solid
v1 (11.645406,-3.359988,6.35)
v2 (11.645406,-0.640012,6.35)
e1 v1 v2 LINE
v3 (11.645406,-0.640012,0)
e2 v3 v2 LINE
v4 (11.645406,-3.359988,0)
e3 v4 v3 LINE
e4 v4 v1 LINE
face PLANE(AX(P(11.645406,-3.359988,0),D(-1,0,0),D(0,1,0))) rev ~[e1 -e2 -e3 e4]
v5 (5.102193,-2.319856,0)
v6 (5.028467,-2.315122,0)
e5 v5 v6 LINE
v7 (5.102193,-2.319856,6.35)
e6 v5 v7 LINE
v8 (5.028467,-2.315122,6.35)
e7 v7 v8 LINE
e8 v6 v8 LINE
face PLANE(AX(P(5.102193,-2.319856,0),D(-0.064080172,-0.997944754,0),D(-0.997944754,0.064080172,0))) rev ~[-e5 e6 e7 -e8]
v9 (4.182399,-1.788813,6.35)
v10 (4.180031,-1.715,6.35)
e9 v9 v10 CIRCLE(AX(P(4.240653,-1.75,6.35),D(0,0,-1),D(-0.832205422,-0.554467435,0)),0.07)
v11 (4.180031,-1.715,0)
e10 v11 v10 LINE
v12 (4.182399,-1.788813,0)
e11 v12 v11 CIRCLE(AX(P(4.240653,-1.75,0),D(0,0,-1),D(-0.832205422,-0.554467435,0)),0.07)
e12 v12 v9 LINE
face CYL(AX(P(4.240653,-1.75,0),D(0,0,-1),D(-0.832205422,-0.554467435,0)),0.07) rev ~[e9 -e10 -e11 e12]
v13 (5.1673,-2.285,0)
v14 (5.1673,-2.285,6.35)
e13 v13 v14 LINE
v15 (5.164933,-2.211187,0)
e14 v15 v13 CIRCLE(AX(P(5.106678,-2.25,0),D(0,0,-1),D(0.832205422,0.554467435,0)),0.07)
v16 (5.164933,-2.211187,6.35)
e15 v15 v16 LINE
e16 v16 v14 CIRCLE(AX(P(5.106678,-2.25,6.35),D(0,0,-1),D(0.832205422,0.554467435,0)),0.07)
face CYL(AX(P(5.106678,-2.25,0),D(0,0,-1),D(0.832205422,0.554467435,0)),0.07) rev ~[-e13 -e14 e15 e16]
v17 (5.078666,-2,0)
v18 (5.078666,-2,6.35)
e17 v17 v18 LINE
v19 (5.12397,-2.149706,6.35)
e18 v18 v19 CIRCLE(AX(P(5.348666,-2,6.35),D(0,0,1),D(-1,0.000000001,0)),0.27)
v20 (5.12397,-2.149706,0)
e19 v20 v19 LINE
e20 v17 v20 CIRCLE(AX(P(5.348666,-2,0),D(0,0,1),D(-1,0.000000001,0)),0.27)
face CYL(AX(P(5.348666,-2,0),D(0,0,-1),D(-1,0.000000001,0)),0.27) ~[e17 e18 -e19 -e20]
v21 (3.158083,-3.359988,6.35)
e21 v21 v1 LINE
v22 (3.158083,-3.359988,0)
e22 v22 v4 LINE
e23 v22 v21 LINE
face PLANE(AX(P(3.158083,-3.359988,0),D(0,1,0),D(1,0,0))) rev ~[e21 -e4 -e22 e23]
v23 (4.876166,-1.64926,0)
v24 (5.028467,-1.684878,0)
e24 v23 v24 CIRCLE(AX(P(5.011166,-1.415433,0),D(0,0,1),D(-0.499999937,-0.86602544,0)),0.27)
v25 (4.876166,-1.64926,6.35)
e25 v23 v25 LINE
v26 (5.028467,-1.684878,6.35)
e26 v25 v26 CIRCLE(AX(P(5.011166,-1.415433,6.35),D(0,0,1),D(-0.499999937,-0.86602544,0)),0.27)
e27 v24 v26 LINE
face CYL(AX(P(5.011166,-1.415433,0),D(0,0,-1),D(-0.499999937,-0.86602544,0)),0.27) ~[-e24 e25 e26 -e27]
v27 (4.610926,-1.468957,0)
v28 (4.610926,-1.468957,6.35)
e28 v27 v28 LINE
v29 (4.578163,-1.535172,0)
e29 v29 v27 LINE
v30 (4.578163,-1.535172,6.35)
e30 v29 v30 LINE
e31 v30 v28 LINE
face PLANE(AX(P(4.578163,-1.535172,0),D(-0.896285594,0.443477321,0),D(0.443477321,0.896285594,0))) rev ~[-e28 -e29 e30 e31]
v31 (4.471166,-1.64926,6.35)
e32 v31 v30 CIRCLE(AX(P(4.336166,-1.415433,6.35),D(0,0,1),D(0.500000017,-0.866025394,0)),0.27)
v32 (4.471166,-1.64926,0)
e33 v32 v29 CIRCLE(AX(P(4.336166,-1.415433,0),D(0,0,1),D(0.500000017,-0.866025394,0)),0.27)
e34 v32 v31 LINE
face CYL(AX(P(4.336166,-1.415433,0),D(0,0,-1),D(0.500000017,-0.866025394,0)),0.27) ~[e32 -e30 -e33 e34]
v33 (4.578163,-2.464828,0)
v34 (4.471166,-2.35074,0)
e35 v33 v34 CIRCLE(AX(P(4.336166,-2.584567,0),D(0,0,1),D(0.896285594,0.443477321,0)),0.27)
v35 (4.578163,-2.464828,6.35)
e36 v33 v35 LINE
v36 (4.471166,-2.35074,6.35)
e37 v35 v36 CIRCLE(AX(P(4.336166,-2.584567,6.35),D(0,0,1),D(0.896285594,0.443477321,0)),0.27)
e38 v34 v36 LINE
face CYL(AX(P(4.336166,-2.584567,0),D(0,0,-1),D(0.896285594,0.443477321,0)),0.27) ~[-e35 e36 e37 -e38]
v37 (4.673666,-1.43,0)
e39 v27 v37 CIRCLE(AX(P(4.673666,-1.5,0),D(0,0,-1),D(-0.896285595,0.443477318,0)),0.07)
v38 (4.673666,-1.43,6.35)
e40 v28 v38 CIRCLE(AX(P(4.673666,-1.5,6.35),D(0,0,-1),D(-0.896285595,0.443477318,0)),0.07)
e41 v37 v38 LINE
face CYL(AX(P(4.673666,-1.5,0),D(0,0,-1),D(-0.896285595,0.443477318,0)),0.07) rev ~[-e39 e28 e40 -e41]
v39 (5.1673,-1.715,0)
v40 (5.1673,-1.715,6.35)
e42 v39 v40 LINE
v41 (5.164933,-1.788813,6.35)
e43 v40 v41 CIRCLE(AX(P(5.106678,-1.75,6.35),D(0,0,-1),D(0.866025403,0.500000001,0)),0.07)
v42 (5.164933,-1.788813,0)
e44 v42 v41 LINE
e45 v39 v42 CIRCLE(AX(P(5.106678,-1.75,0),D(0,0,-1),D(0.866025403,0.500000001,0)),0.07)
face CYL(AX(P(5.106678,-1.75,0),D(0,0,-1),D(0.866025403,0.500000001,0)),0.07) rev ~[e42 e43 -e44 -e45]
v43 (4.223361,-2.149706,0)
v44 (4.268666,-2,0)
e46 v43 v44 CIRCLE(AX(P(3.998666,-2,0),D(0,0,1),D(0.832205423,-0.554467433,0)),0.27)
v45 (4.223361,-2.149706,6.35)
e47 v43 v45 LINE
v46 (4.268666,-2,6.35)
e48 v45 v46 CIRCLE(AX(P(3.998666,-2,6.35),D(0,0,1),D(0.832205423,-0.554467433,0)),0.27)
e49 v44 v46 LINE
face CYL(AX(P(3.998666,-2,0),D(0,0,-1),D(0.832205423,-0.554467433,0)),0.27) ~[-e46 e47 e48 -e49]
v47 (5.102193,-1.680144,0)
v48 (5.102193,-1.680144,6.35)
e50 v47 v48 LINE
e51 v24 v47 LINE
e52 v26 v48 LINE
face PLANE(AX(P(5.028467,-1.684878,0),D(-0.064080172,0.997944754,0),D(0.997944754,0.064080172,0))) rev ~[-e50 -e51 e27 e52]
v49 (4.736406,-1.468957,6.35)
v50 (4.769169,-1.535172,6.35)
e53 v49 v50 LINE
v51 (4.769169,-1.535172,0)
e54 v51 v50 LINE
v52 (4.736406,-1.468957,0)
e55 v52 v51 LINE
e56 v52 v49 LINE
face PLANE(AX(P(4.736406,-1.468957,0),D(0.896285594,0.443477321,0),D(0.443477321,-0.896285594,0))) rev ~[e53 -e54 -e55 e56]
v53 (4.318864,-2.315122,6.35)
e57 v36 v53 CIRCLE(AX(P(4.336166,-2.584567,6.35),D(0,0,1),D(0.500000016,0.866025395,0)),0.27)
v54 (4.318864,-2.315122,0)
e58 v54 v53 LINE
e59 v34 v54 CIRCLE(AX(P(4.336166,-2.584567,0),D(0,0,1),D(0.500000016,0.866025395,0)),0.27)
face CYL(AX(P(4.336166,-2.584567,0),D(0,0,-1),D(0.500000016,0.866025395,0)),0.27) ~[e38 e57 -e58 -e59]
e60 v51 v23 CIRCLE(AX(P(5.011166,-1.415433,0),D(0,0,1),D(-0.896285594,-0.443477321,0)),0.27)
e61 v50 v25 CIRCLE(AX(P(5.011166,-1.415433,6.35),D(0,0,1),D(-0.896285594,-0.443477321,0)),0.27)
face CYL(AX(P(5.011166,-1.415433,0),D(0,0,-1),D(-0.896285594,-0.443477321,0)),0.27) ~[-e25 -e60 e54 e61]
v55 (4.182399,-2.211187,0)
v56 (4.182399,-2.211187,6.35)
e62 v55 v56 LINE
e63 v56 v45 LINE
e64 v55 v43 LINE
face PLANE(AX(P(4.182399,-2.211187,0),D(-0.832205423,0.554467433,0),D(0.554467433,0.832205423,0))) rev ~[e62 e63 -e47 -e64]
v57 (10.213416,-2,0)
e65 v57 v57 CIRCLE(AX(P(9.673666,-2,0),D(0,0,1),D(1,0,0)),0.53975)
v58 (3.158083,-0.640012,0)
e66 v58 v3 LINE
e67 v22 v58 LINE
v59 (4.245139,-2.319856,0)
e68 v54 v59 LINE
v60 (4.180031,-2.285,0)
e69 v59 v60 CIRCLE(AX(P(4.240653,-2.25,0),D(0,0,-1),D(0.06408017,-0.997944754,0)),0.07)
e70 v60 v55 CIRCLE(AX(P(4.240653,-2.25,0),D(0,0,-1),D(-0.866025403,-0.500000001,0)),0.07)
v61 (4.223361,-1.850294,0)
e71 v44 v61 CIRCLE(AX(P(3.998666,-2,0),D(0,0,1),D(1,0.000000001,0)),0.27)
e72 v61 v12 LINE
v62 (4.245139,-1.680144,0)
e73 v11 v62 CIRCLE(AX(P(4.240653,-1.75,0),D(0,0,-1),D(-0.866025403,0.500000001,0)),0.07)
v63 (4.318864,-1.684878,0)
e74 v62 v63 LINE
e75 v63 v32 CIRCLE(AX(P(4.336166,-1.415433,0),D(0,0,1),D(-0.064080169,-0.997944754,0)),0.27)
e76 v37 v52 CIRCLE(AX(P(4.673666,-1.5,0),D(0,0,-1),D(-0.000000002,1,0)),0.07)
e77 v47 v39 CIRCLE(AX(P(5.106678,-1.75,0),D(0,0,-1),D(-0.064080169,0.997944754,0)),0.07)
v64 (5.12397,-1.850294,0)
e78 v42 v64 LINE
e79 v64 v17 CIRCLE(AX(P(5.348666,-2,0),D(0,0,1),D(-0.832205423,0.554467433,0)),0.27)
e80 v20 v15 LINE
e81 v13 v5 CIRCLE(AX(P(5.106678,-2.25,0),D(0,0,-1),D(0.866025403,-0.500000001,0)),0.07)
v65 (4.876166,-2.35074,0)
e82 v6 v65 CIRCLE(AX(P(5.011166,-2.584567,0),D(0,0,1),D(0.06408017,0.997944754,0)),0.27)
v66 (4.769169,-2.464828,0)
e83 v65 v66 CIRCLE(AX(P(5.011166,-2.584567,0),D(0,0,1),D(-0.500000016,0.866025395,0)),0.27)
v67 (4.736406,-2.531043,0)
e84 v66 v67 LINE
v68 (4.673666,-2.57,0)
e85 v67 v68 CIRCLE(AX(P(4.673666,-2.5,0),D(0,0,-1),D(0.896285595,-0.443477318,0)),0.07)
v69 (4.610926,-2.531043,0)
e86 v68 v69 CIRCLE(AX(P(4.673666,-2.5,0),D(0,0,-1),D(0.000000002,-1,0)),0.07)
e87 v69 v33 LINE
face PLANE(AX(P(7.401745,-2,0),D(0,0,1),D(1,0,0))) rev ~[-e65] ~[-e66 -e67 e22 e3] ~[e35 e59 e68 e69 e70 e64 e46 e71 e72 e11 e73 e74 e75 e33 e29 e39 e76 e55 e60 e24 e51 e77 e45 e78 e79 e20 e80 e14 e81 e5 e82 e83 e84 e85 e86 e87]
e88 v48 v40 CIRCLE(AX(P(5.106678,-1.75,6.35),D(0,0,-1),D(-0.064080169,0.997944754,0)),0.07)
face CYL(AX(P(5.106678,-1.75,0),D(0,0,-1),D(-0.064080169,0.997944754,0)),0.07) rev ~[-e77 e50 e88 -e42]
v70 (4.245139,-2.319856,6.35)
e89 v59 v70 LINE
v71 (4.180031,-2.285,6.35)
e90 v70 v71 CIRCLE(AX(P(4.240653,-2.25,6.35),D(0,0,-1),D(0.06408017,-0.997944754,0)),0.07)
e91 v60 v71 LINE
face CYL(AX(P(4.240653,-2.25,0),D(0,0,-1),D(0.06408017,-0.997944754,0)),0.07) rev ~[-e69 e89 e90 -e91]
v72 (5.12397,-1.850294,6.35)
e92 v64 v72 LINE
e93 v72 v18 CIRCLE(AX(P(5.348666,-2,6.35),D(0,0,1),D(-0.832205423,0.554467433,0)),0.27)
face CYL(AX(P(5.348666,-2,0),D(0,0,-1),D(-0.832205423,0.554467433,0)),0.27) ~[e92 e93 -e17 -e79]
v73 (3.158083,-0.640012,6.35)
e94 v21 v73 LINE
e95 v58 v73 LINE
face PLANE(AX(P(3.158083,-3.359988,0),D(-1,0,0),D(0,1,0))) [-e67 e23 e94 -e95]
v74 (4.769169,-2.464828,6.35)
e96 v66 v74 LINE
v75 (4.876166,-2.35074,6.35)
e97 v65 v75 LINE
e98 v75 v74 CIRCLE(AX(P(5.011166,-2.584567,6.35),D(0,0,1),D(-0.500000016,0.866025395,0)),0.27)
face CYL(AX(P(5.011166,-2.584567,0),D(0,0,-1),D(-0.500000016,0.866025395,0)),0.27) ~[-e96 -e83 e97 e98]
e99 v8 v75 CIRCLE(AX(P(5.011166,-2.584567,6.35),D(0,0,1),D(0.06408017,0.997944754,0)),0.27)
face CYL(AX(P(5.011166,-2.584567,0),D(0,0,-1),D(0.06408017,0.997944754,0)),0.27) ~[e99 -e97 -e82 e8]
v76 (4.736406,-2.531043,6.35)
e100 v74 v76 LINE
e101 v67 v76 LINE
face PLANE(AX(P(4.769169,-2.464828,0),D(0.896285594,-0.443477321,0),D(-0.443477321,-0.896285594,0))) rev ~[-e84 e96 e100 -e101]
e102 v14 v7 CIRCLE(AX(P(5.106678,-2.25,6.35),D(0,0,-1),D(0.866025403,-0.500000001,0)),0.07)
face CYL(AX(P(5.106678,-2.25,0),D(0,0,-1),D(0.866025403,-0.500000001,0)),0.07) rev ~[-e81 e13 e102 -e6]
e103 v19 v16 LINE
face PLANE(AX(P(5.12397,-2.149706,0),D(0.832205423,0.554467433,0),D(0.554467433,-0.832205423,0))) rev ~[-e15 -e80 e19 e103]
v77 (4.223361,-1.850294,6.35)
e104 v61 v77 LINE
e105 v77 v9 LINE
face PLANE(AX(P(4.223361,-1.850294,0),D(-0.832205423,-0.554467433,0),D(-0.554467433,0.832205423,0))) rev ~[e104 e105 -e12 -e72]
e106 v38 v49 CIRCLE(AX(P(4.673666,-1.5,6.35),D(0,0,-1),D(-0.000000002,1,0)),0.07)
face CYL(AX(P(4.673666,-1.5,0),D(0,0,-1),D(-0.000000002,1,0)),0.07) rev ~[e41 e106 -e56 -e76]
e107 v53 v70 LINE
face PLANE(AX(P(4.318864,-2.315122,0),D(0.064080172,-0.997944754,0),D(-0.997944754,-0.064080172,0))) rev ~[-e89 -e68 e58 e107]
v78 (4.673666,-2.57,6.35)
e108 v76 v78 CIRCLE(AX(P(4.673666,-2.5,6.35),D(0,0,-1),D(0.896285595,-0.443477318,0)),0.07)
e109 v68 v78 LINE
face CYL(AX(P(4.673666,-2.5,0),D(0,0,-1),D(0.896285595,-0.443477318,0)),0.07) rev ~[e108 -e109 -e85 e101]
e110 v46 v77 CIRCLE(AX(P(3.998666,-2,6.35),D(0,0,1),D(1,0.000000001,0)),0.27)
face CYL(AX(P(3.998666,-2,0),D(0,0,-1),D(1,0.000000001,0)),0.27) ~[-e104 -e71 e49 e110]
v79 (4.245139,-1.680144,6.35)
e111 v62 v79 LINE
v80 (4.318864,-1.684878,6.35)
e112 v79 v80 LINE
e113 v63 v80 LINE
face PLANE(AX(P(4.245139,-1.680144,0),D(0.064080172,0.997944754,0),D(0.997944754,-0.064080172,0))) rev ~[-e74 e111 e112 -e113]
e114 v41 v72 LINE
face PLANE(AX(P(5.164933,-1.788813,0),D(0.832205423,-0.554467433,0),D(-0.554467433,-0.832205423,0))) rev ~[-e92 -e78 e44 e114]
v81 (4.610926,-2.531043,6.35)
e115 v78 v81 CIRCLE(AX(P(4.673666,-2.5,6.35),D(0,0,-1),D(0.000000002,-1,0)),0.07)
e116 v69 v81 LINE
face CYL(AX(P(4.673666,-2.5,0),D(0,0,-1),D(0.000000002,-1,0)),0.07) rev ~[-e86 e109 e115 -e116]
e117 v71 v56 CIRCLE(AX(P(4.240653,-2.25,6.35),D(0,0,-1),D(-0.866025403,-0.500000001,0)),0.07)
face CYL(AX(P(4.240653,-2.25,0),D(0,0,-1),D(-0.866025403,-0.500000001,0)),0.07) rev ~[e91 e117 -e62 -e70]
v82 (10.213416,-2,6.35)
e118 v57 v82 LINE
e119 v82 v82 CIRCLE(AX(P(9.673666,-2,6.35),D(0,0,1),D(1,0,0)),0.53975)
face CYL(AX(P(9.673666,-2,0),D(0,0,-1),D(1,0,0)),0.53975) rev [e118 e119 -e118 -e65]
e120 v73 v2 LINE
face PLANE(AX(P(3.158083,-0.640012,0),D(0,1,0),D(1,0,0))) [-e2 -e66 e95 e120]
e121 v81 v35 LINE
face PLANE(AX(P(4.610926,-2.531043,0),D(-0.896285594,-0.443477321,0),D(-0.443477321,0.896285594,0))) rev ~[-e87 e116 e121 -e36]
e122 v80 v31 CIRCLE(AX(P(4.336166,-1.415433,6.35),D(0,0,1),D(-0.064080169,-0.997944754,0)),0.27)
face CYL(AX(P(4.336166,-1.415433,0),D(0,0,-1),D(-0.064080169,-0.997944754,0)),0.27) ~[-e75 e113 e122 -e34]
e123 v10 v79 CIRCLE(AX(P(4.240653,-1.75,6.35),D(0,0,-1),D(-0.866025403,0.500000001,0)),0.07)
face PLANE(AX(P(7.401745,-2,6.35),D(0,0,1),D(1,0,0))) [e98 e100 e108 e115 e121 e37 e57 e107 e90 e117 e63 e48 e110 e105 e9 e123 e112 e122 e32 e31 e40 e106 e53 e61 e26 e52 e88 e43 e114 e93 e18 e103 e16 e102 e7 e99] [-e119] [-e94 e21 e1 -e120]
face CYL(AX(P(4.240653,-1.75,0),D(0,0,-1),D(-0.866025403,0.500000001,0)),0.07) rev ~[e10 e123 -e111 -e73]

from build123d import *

# Parameters (mm, degrees)
F1_W     = 8.4873232991
F1_H     = 2.7199758333
F1_R     = 0.675
F1_R_2   = 0.53975
F2_DEPTH = 6.35


with BuildPart() as f2:
    # F1 (on Top) → F2 (new body)
    with BuildSketch(Plane.XY):
        with Locations((7.4017448351, -2)):
            Rectangle(F1_W, F1_H)
        with Locations((4.6736657841, -2)):
            Circle(F1_R, mode=Mode.SUBTRACT)
        with Locations((9.6736657841, -2)):
            Circle(F1_R_2, mode=Mode.SUBTRACT)
        with Locations((4.6736657841, -2)):
            Circle(F1_R)
        with BuildLine():
            ThreePointArc((4.6736657841, -1.43), (4.9586657841, -1.5063655198), (5.1673002642, -1.715))
            ThreePointArc((5.1673002642, -1.715), (5.2242435051, -1.8524731443), (5.2436657841, -2))
            ThreePointArc((5.2436657841, -2), (5.2242435051, -2.1475268557), (5.1673002642, -2.285))
            ThreePointArc((5.1673002642, -2.285), (4.9586657841, -2.4936344802), (4.6736657841, -2.57))
            ThreePointArc((4.6736657841, -2.57), (4.3886657841, -2.4936344802), (4.1800313039, -2.285))
            ThreePointArc((4.1800313039, -2.285), (4.1036657841, -2), (4.1800313039, -1.715))
            ThreePointArc((4.1800313039, -1.715), (4.3886657841, -1.5063655198), (4.6736657841, -1.43))
        make_face(mode=Mode.SUBTRACT)
        with BuildLine():
            ThreePointArc((4.7691686737, -1.535171729), (4.8142248801, -1.6001333677), (4.8761658007, -1.6492597211))
            ThreePointArc((4.8761658007, -1.6492597211), (4.9496809165, -1.6783389403), (5.0284674303, -1.684877936))
            Line((5.0284674303, -1.684877936), (5.102192874, -1.6801438672))
            ThreePointArc((5.102192874, -1.6801438672), (5.1397171722, -1.6882873983), (5.1673002642, -1.715))
            ThreePointArc((5.1673002642, -1.715), (4.9586657841, -1.5063655198), (4.6736657841, -1.43))
            ThreePointArc((4.6736657841, -1.43), (4.7105911218, -1.4405313575), (4.7364057757, -1.4689565876))
            Line((4.7364057757, -1.4689565876), (4.7691686737, -1.535171729))
        make_face()
        with BuildLine():
            ThreePointArc((5.1239703199, -1.850293793), (5.0902399965, -1.9217944226), (5.0786657841, -2))
            ThreePointArc((5.0786657841, -2), (5.0902399965, -2.0782055774), (5.1239703199, -2.149706207))
            Line((5.1239703199, -2.149706207), (5.1649328655, -2.2111872797))
            ThreePointArc((5.1649328655, -2.2111872797), (5.1766425099, -2.2477560407), (5.1673002642, -2.285))
            ThreePointArc((5.1673002642, -2.285), (5.2242435051, -2.1475268557), (5.2436657841, -2))
            ThreePointArc((5.2436657841, -2), (5.2242435051, -1.8524731443), (5.1673002642, -1.715))
            ThreePointArc((5.1673002642, -1.715), (5.1766425099, -1.7522439593), (5.1649328655, -1.7888127203))
            Line((5.1649328655, -1.7888127203), (5.1239703199, -1.850293793))
        make_face()
        with BuildLine():
            ThreePointArc((4.3188641378, -1.684877936), (4.3976506636, -1.6783389375), (4.4711657887, -1.6492597088))
            ThreePointArc((4.4711657887, -1.6492597088), (4.5331066964, -1.6001333588), (4.5781628945, -1.535171729))
            Line((4.5781628945, -1.535171729), (4.6109257925, -1.4689565876))
            ThreePointArc((4.6109257925, -1.4689565876), (4.6367404464, -1.4405313575), (4.6736657841, -1.43))
            ThreePointArc((4.6736657841, -1.43), (4.3886657841, -1.5063655198), (4.1800313039, -1.715))
            ThreePointArc((4.1800313039, -1.715), (4.2076143959, -1.6882873983), (4.2451386942, -1.6801438672))
            Line((4.2451386942, -1.6801438672), (4.3188641378, -1.684877936))
        make_face()
        with BuildLine():
            ThreePointArc((4.2233612482, -2.149706207), (4.2570915716, -2.0782055774), (4.2686657841, -2))
            ThreePointArc((4.2686657841, -2), (4.2570915716, -1.9217944226), (4.2233612482, -1.850293793))
            Line((4.2233612482, -1.850293793), (4.1823987026, -1.7888127203))
            ThreePointArc((4.1823987026, -1.7888127203), (4.1706890582, -1.7522439593), (4.1800313039, -1.715))
            ThreePointArc((4.1800313039, -1.715), (4.1036657841, -2), (4.1800313039, -2.285))
            ThreePointArc((4.1800313039, -2.285), (4.1706890582, -2.2477560407), (4.1823987026, -2.2111872797))
            Line((4.1823987026, -2.2111872797), (4.2233612482, -2.149706207))
        make_face()
        with BuildLine():
            ThreePointArc((4.5781628945, -2.464828271), (4.5331066964, -2.3998666412), (4.4711657887, -2.3507402912))
            ThreePointArc((4.4711657887, -2.3507402912), (4.3976506636, -2.3216610625), (4.3188641378, -2.315122064))
            Line((4.3188641378, -2.315122064), (4.2451386942, -2.3198561328))
            ThreePointArc((4.2451386942, -2.3198561328), (4.2076143959, -2.3117126017), (4.1800313039, -2.285))
            ThreePointArc((4.1800313039, -2.285), (4.3886657841, -2.4936344802), (4.6736657841, -2.57))
            ThreePointArc((4.6736657841, -2.57), (4.6367404464, -2.5594686425), (4.6109257925, -2.5310434124))
            Line((4.6109257925, -2.5310434124), (4.5781628945, -2.464828271))
        make_face()
        with BuildLine():
            ThreePointArc((5.0284674303, -2.315122064), (4.9496809045, -2.3216610625), (4.8761657795, -2.3507402912))
            ThreePointArc((4.8761657795, -2.3507402912), (4.8142248717, -2.3998666412), (4.7691686737, -2.464828271))
            Line((4.7691686737, -2.464828271), (4.7364057757, -2.5310434124))
            ThreePointArc((4.7364057757, -2.5310434124), (4.7105911218, -2.5594686425), (4.6736657841, -2.57))
            ThreePointArc((4.6736657841, -2.57), (4.9586657841, -2.4936344802), (5.1673002642, -2.285))
            ThreePointArc((5.1673002642, -2.285), (5.1397171722, -2.3117126017), (5.102192874, -2.3198561328))
            Line((5.102192874, -2.3198561328), (5.0284674303, -2.315122064))
        make_face()
    extrude(amount=F2_DEPTH)


solid = f2.part
